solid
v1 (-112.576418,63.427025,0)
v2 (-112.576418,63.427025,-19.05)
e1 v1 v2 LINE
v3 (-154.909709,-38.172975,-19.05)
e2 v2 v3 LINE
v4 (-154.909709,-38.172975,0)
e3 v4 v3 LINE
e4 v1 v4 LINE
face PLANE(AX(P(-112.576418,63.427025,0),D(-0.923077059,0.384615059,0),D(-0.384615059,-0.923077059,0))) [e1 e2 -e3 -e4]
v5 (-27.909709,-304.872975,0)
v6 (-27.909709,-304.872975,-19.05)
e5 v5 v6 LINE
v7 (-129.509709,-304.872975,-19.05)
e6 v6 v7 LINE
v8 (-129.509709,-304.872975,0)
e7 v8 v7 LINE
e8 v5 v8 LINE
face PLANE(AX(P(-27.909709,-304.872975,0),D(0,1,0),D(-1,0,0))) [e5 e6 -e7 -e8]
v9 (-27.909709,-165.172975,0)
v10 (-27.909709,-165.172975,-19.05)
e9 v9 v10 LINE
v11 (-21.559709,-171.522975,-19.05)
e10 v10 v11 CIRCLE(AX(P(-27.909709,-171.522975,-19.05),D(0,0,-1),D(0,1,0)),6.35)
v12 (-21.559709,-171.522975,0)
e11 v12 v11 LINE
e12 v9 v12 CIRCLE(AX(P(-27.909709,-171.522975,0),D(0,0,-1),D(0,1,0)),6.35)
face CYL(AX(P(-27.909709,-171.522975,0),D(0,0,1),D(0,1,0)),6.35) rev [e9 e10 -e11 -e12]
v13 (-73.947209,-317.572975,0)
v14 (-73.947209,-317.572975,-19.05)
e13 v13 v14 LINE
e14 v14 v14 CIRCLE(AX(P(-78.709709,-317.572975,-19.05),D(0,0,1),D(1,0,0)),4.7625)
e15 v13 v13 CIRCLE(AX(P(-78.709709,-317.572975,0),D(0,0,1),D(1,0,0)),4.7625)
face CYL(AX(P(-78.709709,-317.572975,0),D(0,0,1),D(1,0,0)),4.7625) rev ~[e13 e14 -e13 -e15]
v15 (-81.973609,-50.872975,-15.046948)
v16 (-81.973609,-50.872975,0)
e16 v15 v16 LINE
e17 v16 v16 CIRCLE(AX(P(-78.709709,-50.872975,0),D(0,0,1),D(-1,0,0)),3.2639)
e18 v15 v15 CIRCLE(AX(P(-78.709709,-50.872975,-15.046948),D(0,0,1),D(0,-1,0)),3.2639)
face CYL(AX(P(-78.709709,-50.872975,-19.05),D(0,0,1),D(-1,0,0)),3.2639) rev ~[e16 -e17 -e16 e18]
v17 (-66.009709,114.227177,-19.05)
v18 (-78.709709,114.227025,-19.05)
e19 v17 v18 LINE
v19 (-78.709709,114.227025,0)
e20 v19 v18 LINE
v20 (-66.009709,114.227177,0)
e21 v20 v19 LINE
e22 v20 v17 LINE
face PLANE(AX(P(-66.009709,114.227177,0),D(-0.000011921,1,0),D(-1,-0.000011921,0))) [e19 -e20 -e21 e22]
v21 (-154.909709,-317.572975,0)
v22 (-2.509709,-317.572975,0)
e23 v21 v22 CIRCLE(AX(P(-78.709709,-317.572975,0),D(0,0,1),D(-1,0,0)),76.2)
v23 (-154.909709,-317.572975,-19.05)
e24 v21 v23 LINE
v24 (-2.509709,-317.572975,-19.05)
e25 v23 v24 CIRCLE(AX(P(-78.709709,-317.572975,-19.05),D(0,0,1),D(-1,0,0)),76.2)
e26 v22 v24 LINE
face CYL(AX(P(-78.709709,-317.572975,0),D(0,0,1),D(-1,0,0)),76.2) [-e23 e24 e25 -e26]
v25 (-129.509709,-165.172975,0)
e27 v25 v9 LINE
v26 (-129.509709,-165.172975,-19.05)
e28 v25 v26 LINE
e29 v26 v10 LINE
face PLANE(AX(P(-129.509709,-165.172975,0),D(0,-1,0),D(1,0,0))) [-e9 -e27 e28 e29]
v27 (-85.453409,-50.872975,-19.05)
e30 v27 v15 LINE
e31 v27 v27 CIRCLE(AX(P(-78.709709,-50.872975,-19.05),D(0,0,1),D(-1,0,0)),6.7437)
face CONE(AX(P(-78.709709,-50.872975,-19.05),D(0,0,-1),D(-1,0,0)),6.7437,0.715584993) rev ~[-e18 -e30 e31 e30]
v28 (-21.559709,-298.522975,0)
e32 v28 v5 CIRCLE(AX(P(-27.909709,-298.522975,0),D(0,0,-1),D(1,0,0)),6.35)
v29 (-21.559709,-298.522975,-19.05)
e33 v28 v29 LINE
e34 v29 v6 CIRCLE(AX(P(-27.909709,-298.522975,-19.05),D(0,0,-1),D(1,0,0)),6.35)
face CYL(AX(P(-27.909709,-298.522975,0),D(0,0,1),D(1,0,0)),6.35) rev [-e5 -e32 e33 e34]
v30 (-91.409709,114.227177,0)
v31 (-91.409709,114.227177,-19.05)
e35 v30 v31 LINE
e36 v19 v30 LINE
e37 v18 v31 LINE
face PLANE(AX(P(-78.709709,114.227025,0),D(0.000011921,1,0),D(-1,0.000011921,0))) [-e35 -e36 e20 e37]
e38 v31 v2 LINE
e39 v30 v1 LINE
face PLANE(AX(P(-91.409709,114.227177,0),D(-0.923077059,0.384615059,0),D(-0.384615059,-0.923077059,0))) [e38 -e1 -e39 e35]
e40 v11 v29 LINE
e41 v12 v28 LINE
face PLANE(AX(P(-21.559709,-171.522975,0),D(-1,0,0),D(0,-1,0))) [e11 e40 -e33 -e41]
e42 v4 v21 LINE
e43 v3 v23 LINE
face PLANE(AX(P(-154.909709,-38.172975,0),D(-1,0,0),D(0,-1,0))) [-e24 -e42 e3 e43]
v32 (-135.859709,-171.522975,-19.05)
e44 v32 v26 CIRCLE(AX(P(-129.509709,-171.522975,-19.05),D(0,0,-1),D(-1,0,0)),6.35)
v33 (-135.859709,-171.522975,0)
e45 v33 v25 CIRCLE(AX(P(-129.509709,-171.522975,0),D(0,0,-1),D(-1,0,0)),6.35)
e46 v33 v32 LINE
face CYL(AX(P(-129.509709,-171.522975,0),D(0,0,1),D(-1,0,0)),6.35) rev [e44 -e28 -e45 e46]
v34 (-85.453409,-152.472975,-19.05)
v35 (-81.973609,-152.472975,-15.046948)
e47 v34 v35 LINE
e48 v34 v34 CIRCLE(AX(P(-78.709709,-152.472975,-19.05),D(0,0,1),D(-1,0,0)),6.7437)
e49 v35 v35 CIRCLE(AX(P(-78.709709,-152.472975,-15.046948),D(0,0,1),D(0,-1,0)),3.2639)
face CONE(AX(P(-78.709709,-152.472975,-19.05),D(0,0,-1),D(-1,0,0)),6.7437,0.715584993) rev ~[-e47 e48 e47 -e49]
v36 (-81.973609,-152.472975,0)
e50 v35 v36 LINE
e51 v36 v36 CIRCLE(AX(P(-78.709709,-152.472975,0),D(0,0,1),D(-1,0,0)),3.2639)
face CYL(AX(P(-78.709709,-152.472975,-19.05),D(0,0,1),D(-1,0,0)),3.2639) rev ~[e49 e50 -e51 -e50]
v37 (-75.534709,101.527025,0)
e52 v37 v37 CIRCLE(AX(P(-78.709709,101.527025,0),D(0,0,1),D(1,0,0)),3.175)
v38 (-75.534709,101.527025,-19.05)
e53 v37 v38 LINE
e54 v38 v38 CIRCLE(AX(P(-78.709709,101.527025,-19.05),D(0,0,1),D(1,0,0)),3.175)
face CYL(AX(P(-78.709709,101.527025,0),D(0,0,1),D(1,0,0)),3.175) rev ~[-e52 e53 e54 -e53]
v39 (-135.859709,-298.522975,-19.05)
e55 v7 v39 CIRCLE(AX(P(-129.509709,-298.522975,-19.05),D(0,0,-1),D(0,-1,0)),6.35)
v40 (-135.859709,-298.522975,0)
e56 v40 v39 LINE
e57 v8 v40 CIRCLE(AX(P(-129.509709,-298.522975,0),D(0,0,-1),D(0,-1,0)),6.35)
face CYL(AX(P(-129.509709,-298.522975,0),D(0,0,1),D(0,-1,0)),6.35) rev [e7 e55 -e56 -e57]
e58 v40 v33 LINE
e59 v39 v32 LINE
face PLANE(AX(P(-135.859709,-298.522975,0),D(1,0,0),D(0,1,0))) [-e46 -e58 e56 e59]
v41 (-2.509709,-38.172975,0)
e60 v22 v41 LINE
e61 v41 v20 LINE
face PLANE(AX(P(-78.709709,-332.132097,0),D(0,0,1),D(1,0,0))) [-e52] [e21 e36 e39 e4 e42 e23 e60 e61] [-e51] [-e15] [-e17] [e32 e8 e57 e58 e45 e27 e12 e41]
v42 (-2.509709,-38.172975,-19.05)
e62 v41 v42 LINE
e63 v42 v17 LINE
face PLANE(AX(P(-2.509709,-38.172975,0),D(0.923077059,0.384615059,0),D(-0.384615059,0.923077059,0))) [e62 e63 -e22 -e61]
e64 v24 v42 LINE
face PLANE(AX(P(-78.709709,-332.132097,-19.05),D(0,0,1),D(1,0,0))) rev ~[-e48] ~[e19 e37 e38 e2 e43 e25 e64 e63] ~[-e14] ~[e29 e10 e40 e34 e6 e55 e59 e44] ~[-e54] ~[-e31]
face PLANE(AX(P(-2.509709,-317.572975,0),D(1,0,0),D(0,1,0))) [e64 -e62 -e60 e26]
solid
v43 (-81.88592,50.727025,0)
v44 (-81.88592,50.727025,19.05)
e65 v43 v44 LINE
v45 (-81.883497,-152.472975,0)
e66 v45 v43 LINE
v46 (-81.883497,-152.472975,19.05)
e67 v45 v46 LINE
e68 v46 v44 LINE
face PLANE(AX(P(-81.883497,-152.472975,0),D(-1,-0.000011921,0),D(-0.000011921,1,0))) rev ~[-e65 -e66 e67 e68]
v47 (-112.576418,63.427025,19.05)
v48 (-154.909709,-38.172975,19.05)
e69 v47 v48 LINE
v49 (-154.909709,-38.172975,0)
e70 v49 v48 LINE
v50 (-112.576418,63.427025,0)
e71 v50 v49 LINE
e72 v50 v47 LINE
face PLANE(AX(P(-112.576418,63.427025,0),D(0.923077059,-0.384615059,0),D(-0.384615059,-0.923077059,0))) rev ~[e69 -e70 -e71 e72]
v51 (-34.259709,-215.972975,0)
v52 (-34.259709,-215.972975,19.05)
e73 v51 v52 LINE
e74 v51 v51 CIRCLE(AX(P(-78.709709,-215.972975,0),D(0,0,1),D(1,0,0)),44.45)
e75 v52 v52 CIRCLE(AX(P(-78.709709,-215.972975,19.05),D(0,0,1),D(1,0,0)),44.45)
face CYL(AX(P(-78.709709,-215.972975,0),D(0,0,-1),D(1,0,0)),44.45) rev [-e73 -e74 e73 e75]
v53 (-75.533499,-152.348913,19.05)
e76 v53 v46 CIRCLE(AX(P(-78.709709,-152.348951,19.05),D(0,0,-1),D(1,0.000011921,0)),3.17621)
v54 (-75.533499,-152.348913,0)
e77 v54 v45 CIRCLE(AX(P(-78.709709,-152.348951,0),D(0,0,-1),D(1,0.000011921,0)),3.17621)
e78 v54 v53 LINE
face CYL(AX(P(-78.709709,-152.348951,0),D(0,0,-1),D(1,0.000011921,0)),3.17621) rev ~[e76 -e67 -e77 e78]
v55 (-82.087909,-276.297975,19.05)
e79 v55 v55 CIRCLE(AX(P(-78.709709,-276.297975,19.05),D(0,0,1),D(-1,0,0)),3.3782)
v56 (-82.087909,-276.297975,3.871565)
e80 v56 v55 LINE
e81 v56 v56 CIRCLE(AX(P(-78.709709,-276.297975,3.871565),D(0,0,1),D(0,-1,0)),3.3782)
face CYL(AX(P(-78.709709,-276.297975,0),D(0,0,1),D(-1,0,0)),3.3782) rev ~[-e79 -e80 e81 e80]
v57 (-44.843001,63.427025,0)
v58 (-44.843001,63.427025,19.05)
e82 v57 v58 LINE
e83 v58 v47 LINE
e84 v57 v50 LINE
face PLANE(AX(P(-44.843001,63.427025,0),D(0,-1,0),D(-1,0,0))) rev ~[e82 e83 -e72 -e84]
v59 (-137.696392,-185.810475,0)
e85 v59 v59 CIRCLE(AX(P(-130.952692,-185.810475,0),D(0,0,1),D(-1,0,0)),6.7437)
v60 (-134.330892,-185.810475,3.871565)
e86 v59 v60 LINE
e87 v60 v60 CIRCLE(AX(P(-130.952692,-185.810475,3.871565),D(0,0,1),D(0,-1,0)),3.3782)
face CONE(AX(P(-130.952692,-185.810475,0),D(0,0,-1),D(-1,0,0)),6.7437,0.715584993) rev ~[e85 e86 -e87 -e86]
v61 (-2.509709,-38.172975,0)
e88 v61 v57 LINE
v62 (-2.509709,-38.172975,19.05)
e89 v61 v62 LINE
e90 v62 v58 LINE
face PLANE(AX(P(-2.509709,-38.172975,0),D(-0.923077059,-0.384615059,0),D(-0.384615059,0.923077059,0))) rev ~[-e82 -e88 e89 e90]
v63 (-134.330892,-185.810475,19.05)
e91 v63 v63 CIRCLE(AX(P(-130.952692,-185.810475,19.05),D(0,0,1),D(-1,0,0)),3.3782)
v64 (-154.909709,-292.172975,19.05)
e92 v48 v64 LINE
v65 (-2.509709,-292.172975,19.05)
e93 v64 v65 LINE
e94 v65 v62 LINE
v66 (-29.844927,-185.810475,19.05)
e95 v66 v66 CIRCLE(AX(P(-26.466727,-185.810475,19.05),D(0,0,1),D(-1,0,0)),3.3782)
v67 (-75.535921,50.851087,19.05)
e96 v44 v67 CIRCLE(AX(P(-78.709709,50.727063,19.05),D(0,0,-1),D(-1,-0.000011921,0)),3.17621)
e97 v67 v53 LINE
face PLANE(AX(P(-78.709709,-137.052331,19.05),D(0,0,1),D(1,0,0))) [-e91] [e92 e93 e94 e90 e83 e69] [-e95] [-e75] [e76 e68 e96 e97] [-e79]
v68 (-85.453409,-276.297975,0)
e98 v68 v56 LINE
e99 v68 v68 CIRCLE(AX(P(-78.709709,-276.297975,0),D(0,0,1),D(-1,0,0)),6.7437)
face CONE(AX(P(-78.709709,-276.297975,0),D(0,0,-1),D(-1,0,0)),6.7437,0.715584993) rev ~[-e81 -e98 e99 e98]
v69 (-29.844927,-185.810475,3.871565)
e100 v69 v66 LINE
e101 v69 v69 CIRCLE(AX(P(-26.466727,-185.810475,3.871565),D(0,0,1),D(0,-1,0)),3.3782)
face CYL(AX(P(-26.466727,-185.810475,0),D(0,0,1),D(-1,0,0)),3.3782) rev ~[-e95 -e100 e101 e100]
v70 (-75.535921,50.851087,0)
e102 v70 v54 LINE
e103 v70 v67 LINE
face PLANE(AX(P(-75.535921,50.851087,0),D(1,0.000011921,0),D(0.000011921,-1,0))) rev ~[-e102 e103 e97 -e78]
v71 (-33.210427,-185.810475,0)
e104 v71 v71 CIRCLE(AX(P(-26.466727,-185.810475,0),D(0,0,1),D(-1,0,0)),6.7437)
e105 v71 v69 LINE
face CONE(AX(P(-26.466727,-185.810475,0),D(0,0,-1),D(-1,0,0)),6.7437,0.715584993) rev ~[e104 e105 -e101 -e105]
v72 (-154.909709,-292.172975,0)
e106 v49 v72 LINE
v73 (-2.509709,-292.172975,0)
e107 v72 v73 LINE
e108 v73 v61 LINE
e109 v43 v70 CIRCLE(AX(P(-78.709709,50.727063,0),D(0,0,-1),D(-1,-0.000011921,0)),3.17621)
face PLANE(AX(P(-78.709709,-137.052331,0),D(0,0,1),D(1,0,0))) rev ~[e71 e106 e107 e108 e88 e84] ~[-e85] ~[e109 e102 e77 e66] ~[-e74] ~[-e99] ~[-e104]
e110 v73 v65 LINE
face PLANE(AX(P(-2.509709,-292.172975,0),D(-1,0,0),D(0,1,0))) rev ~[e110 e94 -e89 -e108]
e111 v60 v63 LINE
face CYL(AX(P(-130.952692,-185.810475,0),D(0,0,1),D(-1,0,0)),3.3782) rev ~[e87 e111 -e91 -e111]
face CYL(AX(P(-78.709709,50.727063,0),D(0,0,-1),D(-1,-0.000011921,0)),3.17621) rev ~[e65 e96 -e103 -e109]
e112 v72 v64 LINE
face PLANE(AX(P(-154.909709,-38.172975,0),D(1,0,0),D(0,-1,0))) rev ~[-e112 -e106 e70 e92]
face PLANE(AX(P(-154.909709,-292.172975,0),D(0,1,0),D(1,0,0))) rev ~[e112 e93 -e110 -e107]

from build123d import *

# Parameters (mm, degrees)
F0_R           = 44.45
F1_DEPTH       = 19.05
F2_D           = 6.7564
F2_CSINK_D     = 13.4874
F2_CSINK_ANGLE = 82
F0_R_2         = 4.7625
F0_R_3         = 3.175
F3_DEPTH       = 19.05
F5_D           = 6.5278
F5_CSINK_D     = 13.4874
F5_CSINK_ANGLE = 82


with BuildPart() as f1:
    # F0 (on Top) → F1 (new body)
    with BuildSketch(Plane.XY):
        with BuildLine():
            Line((-44.8430006357, 63.4270252069), (-112.5764180766, 63.4270252069))
            Line((-112.5764180766, 63.4270252069), (-154.9097093561, -38.1729747931))
            Line((-154.9097093561, -38.1729747931), (-154.9097093561, -292.1729747931))
            Line((-154.9097093561, -292.1729747931), (-135.8597093561, -292.1729747931))
            Line((-135.8597093561, -292.1729747931), (-135.8597093561, -171.5229747931))
            ThreePointArc((-135.8597093561, -171.5229747931), (-133.9998374167, -167.0328467326), (-129.5097093561, -165.1729747931))
            Line((-129.5097093561, -165.1729747931), (-78.7097093561, -165.1729747931))
            Line((-78.7097093561, -165.1729747931), (-27.9097093561, -165.1729747931))
            ThreePointArc((-27.9097093561, -165.1729747931), (-23.4195812956, -167.0328467326), (-21.5597093561, -171.5229747931))
            Line((-21.5597093561, -171.5229747931), (-21.5597093561, -292.1729747931))
            Line((-21.5597093561, -292.1729747931), (-2.5097093561, -292.1729747931))
            Line((-2.5097093561, -292.1729747931), (-2.5097093561, -38.1729747931))
            Line((-2.5097093561, -38.1729747931), (-44.8430006357, 63.4270252069))
        make_face()
        with BuildLine():
            ThreePointArc((-81.8859197836, 50.7270252069), (-78.771751834, 53.9026674871), (-75.5359212621, 50.8510865164))
            Line((-75.5359212621, 50.8510865164), (-75.5334989286, -152.3489134691))
            ThreePointArc((-75.5334989286, -152.3489134691), (-78.6476668783, -155.5245557493), (-81.8834974502, -152.4729747787))
            Line((-81.8834974502, -152.4729747787), (-81.8859197836, 50.7270252069))
        make_face(mode=Mode.SUBTRACT)
        with BuildLine():
            Line((-135.8597093561, -171.5229747931), (-135.8597093561, -292.1729747931))
            Line((-135.8597093561, -292.1729747931), (-21.5597093561, -292.1729747931))
            Line((-21.5597093561, -292.1729747931), (-21.5597093561, -171.5229747931))
            ThreePointArc((-21.5597093561, -171.5229747931), (-23.4195812956, -167.0328467326), (-27.9097093561, -165.1729747931))
            Line((-27.9097093561, -165.1729747931), (-78.7097093561, -165.1729747931))
            Line((-78.7097093561, -165.1729747931), (-129.5097093561, -165.1729747931))
            ThreePointArc((-129.5097093561, -165.1729747931), (-133.9998374167, -167.0328467326), (-135.8597093561, -171.5229747931))
        make_face()
        with Locations((-78.7097093561, -215.9729747931)):
            Circle(F0_R, mode=Mode.SUBTRACT)
    extrude(amount=F1_DEPTH)

    # F2 (through all)
    with Locations(Plane(origin=(0, 0, 0), x_dir=(1, 0, 0), z_dir=(0, 0, -1))):
        with Locations((-26.4667268728, 185.8104747931), (-130.9526918394, 185.8104747931), (-78.7097093561, 276.2979747931)):
            CounterSinkHole(F2_D / 2, F2_CSINK_D / 2, counter_sink_angle=F2_CSINK_ANGLE)


with BuildPart() as f3:
    # F0 (on Top) → F3 (new body)
    with BuildSketch(Plane.XY):
        with BuildLine():
            Line((-135.8597093561, -292.1729747931), (-154.9097093561, -292.1729747931))
            Line((-154.9097093561, -292.1729747931), (-154.9097093561, -317.5729747931))
            ThreePointArc((-154.9097093561, -317.5729747931), (-78.7097093561, -393.7729747931), (-2.5097093561, -317.5729747931))
            Line((-2.5097093561, -317.5729747931), (-2.5097093561, -292.1729747931))
            Line((-2.5097093561, -292.1729747931), (-21.5597093561, -292.1729747931))
            Line((-21.5597093561, -292.1729747931), (-21.5597093561, -298.5229747931))
            ThreePointArc((-21.5597093561, -298.5229747931), (-23.4195812956, -303.0131028536), (-27.9097093561, -304.8729747931))
            Line((-27.9097093561, -304.8729747931), (-78.7097093561, -304.8729747931))
            Line((-78.7097093561, -304.8729747931), (-129.5097093561, -304.8729747931))
            ThreePointArc((-129.5097093561, -304.8729747931), (-133.9998374167, -303.0131028536), (-135.8597093561, -298.5229747931))
            Line((-135.8597093561, -298.5229747931), (-135.8597093561, -292.1729747931))
        make_face()
        with Locations((-78.7097093561, -317.5729747931)):
            Circle(F0_R_2, mode=Mode.SUBTRACT)
        with BuildLine():
            Line((-44.8430006357, 63.4270252069), (-112.5764180766, 63.4270252069))
            Line((-112.5764180766, 63.4270252069), (-154.9097093561, -38.1729747931))
            Line((-154.9097093561, -38.1729747931), (-154.9097093561, -292.1729747931))
            Line((-154.9097093561, -292.1729747931), (-135.8597093561, -292.1729747931))
            Line((-135.8597093561, -292.1729747931), (-135.8597093561, -171.5229747931))
            ThreePointArc((-135.8597093561, -171.5229747931), (-133.9998374167, -167.0328467326), (-129.5097093561, -165.1729747931))
            Line((-129.5097093561, -165.1729747931), (-78.7097093561, -165.1729747931))
            Line((-78.7097093561, -165.1729747931), (-27.9097093561, -165.1729747931))
            ThreePointArc((-27.9097093561, -165.1729747931), (-23.4195812956, -167.0328467326), (-21.5597093561, -171.5229747931))
            Line((-21.5597093561, -171.5229747931), (-21.5597093561, -292.1729747931))
            Line((-21.5597093561, -292.1729747931), (-2.5097093561, -292.1729747931))
            Line((-2.5097093561, -292.1729747931), (-2.5097093561, -38.1729747931))
            Line((-2.5097093561, -38.1729747931), (-44.8430006357, 63.4270252069))
        make_face()
        with BuildLine():
            ThreePointArc((-81.8859197836, 50.7270252069), (-78.771751834, 53.9026674871), (-75.5359212621, 50.8510865164))
            Line((-75.5359212621, 50.8510865164), (-75.5334989286, -152.3489134691))
            ThreePointArc((-75.5334989286, -152.3489134691), (-78.6476668783, -155.5245557493), (-81.8834974502, -152.4729747787))
            Line((-81.8834974502, -152.4729747787), (-81.8859197836, 50.7270252069))
        make_face(mode=Mode.SUBTRACT)
        Polygon((-91.4097093552, 114.2271766027), (-112.5764180766, 63.4270252069), (-44.8430006357, 63.4270252069), (-66.009709357, 114.2271766027), (-78.7097093561, 114.2270252069), align=None)
        with Locations((-78.7097093561, 101.527025206)):
            Circle(F0_R_3, mode=Mode.SUBTRACT)
        with BuildLine():
            Line((-75.5334989286, -152.3489134691), (-75.5359212621, 50.8510865164))
            ThreePointArc((-75.5359212621, 50.8510865164), (-78.771751834, 53.9026674871), (-81.8859197836, 50.7270252069))
            Line((-81.8859197836, 50.7270252069), (-81.8834974502, -152.4729747787))
            ThreePointArc((-81.8834974502, -152.4729747787), (-78.6476668783, -155.5245557493), (-75.5334989286, -152.3489134691))
        make_face()
    extrude(amount=-F3_DEPTH)

    # F5 (through all)
    with Locations(Plane(origin=(0, 0, -19.05), x_dir=(1, 0, 0), z_dir=(0, 0, -1))):
        with Locations((-78.7097093561, 152.4729747931), (-78.7097093561, 50.8729747931)):
            CounterSinkHole(F5_D / 2, F5_CSINK_D / 2, counter_sink_angle=F5_CSINK_ANGLE)


solid = Compound([f1.part, f3.part])
